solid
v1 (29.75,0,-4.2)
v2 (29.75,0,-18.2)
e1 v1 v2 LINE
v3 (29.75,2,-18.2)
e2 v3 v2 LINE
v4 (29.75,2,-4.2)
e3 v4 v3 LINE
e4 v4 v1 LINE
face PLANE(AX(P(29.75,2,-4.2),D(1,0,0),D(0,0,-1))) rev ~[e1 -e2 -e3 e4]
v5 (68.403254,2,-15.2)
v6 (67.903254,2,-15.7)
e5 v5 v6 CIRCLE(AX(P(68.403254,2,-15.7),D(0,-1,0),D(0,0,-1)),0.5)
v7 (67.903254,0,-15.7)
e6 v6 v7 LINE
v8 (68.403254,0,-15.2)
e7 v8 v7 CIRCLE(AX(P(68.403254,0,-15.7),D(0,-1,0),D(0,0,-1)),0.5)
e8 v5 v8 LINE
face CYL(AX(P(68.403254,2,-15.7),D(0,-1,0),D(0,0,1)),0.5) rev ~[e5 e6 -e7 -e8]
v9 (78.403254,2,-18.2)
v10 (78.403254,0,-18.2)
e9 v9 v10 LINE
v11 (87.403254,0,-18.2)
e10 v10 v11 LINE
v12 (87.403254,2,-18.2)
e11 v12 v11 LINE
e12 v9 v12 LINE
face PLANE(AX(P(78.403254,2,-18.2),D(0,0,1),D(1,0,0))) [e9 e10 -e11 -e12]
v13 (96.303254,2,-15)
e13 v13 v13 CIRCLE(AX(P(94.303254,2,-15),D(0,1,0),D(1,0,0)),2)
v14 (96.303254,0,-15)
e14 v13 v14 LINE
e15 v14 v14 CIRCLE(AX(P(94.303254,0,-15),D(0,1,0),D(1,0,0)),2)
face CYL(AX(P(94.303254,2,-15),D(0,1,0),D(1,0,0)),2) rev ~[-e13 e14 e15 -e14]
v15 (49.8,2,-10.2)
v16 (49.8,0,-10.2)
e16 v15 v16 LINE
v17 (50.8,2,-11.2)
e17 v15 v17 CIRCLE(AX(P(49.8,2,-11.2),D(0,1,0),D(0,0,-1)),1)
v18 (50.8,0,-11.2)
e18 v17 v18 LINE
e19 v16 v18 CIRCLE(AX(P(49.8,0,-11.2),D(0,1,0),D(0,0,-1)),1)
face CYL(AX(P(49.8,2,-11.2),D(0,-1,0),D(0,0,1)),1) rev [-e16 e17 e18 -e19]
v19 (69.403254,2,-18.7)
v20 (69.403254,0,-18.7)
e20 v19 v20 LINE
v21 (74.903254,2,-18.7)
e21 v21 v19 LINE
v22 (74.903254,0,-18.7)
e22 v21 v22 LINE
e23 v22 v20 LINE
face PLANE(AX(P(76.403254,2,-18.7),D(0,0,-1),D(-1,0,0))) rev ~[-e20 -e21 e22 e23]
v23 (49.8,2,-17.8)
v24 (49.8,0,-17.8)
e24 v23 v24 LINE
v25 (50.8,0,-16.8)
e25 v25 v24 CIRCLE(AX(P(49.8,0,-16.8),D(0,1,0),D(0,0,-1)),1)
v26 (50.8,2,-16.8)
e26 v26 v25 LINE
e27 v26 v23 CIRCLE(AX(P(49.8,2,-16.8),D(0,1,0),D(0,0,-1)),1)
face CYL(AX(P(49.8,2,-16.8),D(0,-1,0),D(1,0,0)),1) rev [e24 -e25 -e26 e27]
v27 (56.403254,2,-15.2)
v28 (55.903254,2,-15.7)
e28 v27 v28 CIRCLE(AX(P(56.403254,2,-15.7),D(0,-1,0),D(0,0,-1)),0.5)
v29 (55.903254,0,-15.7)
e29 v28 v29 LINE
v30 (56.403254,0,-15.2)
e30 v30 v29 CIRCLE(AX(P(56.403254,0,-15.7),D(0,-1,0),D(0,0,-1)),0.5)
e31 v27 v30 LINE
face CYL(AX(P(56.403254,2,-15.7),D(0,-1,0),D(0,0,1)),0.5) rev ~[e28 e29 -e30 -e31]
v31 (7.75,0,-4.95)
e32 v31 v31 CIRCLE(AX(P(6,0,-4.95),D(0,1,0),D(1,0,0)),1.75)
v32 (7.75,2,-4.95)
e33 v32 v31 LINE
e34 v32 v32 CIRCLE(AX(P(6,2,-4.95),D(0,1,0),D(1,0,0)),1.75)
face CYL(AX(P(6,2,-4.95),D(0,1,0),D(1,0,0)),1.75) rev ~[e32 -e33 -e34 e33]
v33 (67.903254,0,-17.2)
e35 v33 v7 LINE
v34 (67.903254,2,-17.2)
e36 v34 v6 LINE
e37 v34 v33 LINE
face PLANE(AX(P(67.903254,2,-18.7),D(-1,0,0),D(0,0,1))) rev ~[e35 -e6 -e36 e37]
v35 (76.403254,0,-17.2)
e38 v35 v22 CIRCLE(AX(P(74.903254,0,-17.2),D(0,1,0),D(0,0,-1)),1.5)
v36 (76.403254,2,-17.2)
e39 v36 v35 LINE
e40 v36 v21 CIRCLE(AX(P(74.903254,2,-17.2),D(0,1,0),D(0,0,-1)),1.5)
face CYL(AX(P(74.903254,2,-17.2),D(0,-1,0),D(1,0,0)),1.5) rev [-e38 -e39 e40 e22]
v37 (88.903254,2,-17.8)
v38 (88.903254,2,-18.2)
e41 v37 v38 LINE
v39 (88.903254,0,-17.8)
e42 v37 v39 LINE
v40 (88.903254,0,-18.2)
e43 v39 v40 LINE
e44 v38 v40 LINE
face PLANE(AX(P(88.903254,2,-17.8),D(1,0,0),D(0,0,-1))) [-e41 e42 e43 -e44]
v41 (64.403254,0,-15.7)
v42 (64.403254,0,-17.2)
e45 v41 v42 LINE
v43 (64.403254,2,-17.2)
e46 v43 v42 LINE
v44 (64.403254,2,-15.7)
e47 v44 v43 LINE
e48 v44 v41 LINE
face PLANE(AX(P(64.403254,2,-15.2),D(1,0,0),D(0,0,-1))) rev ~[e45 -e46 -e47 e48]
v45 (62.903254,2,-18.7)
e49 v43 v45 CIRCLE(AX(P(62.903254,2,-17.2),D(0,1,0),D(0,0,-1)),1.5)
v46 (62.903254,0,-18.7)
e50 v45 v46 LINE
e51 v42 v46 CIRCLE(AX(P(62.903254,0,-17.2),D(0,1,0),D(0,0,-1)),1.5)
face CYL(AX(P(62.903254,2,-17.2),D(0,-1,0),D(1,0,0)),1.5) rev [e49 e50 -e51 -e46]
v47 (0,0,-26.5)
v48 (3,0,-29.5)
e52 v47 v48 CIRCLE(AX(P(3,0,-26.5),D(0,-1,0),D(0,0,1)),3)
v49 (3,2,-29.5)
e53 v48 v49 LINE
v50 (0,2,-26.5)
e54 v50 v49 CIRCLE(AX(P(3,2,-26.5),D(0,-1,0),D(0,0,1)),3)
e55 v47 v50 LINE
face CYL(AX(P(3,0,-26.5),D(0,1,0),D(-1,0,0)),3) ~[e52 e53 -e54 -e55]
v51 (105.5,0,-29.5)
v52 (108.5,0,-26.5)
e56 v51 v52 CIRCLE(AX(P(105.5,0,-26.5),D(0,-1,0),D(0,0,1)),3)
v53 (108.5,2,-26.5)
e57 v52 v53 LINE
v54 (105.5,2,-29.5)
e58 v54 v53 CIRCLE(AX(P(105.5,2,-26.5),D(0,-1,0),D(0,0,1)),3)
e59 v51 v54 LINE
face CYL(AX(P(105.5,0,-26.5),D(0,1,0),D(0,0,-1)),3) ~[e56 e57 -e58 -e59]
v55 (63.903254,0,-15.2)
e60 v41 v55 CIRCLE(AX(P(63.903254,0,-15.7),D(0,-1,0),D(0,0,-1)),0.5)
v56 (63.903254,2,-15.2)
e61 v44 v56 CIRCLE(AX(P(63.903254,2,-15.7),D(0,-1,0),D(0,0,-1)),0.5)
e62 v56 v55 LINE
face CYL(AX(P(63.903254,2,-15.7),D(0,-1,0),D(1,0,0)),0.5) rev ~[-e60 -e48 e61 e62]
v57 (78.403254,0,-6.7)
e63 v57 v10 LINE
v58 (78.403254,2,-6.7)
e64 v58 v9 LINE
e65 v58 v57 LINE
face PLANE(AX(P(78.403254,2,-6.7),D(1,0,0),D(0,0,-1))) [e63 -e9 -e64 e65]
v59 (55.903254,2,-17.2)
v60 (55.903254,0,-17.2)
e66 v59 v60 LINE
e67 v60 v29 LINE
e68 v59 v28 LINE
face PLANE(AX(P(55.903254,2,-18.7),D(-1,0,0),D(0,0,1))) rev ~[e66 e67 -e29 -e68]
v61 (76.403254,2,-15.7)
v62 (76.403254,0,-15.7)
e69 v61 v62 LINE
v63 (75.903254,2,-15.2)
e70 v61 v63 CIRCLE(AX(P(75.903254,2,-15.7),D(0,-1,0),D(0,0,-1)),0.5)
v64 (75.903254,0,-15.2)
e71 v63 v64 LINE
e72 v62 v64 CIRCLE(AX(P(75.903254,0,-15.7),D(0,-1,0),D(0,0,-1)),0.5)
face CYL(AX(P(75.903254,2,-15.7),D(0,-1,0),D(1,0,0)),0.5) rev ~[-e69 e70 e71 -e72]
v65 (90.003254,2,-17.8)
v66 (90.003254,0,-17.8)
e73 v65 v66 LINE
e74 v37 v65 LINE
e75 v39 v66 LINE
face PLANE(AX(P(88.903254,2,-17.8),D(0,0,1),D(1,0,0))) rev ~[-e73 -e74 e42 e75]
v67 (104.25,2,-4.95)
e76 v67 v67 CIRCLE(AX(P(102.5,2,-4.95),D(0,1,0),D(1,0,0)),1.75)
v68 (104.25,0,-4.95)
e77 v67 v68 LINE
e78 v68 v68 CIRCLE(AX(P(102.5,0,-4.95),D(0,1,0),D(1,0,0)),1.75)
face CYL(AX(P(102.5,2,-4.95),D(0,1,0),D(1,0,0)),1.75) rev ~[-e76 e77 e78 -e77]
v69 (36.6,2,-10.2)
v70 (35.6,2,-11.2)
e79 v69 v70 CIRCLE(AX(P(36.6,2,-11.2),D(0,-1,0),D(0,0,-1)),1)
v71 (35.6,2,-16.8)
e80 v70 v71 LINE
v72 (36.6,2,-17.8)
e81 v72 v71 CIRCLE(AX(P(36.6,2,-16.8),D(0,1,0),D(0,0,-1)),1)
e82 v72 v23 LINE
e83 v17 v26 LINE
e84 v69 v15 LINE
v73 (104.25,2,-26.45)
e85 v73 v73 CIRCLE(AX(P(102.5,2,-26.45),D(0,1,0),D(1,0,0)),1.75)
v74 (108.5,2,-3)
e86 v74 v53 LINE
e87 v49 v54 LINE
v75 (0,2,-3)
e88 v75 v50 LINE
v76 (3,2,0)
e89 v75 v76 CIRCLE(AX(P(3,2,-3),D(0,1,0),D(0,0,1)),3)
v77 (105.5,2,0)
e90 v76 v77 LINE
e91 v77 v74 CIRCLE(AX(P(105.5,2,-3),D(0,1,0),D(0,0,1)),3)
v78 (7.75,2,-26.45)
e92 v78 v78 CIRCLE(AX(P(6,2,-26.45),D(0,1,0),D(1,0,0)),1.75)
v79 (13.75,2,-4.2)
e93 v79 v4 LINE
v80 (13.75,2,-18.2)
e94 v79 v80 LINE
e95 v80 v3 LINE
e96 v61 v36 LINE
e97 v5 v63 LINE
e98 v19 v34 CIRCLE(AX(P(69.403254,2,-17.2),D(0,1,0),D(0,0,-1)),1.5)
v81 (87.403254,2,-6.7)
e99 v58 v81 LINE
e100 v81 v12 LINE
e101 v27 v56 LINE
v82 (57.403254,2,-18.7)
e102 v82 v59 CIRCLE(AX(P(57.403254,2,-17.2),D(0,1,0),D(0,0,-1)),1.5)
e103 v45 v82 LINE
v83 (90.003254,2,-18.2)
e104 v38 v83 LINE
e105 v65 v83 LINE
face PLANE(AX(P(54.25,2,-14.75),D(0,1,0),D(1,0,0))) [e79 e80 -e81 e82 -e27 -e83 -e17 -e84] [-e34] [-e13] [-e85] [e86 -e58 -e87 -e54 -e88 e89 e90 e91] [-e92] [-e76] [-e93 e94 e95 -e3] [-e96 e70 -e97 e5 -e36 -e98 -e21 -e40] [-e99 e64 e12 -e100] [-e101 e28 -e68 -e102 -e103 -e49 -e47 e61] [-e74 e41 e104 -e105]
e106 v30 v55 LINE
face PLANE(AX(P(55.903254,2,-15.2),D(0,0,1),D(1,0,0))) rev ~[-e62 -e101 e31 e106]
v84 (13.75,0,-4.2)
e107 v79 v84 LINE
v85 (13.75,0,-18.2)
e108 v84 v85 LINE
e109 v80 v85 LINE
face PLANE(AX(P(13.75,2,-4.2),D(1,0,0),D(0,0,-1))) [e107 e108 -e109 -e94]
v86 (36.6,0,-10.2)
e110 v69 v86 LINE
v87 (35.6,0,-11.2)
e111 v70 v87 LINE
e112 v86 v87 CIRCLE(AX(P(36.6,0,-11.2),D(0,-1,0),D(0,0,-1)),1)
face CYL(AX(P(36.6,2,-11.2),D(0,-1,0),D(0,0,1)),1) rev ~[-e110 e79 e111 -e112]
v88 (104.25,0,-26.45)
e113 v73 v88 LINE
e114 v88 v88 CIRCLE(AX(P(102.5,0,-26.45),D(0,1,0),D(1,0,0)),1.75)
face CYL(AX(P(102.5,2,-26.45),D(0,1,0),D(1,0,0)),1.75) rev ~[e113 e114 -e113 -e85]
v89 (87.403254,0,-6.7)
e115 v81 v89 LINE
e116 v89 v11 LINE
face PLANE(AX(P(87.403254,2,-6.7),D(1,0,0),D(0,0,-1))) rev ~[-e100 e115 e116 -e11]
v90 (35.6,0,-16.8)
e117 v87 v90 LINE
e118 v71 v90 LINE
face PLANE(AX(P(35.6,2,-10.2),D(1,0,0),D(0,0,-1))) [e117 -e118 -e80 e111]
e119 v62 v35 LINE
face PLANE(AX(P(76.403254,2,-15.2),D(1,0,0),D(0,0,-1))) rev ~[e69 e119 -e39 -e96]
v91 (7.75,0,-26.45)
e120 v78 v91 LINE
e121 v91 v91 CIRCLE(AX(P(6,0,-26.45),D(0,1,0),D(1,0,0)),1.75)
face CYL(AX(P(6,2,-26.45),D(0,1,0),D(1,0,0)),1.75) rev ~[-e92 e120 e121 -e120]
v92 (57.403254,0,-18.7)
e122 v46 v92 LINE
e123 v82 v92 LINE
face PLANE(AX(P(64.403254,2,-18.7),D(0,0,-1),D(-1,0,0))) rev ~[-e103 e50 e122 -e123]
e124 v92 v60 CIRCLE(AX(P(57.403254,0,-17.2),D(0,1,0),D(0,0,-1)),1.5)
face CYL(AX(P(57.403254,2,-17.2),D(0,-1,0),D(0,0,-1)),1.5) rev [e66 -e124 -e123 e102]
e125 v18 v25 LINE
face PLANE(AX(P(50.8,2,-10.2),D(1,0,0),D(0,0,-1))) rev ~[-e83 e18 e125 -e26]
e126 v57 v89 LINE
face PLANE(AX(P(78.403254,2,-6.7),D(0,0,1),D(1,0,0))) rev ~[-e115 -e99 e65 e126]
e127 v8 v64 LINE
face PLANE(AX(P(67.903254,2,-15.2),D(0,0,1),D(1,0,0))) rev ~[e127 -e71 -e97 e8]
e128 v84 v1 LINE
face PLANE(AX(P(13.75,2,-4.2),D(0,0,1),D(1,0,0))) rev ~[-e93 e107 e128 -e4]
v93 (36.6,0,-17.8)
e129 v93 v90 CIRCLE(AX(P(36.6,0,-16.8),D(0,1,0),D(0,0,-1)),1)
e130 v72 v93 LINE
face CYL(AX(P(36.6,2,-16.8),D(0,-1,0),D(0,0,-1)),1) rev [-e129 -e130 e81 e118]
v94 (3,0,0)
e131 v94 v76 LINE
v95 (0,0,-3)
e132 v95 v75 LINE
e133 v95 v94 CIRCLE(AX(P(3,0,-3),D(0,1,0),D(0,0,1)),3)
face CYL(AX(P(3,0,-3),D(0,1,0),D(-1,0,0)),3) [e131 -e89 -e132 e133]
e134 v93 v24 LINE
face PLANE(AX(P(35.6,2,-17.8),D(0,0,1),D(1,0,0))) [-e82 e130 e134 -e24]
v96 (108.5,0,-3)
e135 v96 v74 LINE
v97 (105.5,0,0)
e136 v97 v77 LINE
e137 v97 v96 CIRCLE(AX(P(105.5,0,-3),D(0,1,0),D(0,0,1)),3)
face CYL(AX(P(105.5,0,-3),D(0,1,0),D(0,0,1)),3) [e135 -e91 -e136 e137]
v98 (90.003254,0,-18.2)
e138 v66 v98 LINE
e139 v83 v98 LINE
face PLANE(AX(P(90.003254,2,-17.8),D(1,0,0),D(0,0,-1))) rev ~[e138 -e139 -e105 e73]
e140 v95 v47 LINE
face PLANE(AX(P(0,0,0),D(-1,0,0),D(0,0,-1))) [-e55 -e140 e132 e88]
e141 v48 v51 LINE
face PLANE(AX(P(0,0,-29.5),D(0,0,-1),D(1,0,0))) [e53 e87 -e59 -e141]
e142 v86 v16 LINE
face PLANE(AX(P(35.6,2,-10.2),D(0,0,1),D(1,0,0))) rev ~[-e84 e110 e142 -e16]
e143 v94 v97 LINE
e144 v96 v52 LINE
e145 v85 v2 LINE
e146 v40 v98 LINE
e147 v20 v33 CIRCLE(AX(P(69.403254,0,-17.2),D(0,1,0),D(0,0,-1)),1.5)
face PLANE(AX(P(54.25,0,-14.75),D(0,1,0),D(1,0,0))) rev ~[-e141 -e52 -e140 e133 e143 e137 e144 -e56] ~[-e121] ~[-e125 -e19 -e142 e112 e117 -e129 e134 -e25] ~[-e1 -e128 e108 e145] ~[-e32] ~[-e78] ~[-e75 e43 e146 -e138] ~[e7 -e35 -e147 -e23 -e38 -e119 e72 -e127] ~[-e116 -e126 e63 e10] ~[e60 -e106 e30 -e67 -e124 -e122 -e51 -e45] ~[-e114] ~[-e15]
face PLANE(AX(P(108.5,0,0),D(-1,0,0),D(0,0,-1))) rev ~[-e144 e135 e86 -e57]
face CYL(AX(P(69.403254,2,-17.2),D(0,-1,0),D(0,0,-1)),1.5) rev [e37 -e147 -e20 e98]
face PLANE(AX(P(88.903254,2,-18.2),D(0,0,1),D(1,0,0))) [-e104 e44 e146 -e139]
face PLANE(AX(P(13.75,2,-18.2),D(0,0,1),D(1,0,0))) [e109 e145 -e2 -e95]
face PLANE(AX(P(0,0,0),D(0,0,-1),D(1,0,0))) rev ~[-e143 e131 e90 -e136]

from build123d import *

# Parameters (mm, degrees)
SKETCH1_W           = 108.5
SKETCH1_H           = 29.5
BOSS_EXTRUDE1_DEPTH = 2
SKETCH2_R           = 1.75
CUT_EXTRUDE1_DEPTH  = 3
FILLET1_R           = 3
SKETCH5_R           = 2
SKETCH5_W           = 16
SKETCH5_H           = 14
SKETCH5_W_2         = 15.2
SKETCH5_H_2         = 7.6
SKETCH5_W_3         = 1.1
SKETCH5_H_3         = 0.4
SKETCH5_W_4         = 9
SKETCH5_H_4         = 11.5
CUT_EXTRUDE2_DEPTH  = 3
FILLET2_R           = 1
FILLET3_R           = 1.5
FILLET4_R           = 0.5


with BuildPart() as part:
    # Sketch1 → Boss-Extrude1 (new body)
    with BuildSketch(Plane(origin=(0, 0, 0), x_dir=(1, 0, 0), z_dir=(0, 1, 0))):
        with Locations((54.25, 14.75)):
            Rectangle(SKETCH1_W, SKETCH1_H)
    extrude(amount=BOSS_EXTRUDE1_DEPTH)

    # Sketch2 → Cut-Extrude1 (cut, through all)
    with BuildSketch(Plane(origin=(0, 2, 0), x_dir=(1, 0, 0), z_dir=(0, 1, 0))):
        with Locations((6, 26.45)):
            Circle(SKETCH2_R)
        with Locations((6, 4.95)):
            Circle(SKETCH2_R)
        with Locations((102.5, 4.95)):
            Circle(SKETCH2_R)
        with Locations((102.5, 26.45)):
            Circle(SKETCH2_R)
    extrude(amount=-CUT_EXTRUDE1_DEPTH, mode=Mode.SUBTRACT)

    # Fillet1
    fillet1_edges = [part.edges().sort_by_distance(p)[0] for p in [
        (0, 1, -29.5),
        (108.5, 1, -29.5),
        (108.5, 1, 0),
        (0, 1, 0),
    ]]
    fillet(fillet1_edges, radius=FILLET1_R)

    # Sketch5 → Cut-Extrude2 (cut, through all)
    with BuildSketch(Plane(origin=(0, 2, 0), x_dir=(1, 0, 0), z_dir=(0, 1, 0))):
        with Locations((94.303253972, 15)):
            Circle(SKETCH5_R)
        with Locations((21.75, 11.2)):
            Rectangle(SKETCH5_W, SKETCH5_H)
        with Locations((43.2, 14)):
            Rectangle(SKETCH5_W_2, SKETCH5_H_2)
        Polygon((55.903253972, 18.2), (55.903253972, 15.2), (64.403253972, 15.2), (64.403253972, 18.2), (64.403253972, 18.7), (55.903253972, 18.7), align=None)
        with Locations((89.453253972, 18)):
            Rectangle(SKETCH5_W_3, SKETCH5_H_3)
        Polygon((67.903253972, 18.2), (67.903253972, 15.2), (76.403253972, 15.2), (76.403253972, 18.2), (76.403253972, 18.7), (67.903253972, 18.7), align=None)
        with Locations((82.903253972, 12.45)):
            Rectangle(SKETCH5_W_4, SKETCH5_H_4)
    extrude(amount=-CUT_EXTRUDE2_DEPTH, mode=Mode.SUBTRACT)

    # Fillet2
    fillet2_edges = [part.edges().sort_by_distance(p)[0] for p in [
        (50.8, 1, -10.2),
        (35.6, 1, -10.2),
        (35.6, 1, -17.8),
        (50.8, 1, -17.8),
    ]]
    fillet(fillet2_edges, radius=FILLET2_R)

    # Fillet3
    fillet3_edges = [part.edges().sort_by_distance(p)[0] for p in [
        (67.903253972, 1, -18.7),
        (76.403253972, 1, -18.7),
        (55.903253972, 1, -18.7),
        (64.403253972, 1, -18.7),
    ]]
    fillet(fillet3_edges, radius=FILLET3_R)

    # Fillet4
    fillet4_edges = [part.edges().sort_by_distance(p)[0] for p in [
        (76.403253972, 1, -15.2),
        (67.903253972, 1, -15.2),
        (64.403253972, 1, -15.2),
        (55.903253972, 1, -15.2),
    ]]
    fillet(fillet4_edges, radius=FILLET4_R)


solid = part.part
